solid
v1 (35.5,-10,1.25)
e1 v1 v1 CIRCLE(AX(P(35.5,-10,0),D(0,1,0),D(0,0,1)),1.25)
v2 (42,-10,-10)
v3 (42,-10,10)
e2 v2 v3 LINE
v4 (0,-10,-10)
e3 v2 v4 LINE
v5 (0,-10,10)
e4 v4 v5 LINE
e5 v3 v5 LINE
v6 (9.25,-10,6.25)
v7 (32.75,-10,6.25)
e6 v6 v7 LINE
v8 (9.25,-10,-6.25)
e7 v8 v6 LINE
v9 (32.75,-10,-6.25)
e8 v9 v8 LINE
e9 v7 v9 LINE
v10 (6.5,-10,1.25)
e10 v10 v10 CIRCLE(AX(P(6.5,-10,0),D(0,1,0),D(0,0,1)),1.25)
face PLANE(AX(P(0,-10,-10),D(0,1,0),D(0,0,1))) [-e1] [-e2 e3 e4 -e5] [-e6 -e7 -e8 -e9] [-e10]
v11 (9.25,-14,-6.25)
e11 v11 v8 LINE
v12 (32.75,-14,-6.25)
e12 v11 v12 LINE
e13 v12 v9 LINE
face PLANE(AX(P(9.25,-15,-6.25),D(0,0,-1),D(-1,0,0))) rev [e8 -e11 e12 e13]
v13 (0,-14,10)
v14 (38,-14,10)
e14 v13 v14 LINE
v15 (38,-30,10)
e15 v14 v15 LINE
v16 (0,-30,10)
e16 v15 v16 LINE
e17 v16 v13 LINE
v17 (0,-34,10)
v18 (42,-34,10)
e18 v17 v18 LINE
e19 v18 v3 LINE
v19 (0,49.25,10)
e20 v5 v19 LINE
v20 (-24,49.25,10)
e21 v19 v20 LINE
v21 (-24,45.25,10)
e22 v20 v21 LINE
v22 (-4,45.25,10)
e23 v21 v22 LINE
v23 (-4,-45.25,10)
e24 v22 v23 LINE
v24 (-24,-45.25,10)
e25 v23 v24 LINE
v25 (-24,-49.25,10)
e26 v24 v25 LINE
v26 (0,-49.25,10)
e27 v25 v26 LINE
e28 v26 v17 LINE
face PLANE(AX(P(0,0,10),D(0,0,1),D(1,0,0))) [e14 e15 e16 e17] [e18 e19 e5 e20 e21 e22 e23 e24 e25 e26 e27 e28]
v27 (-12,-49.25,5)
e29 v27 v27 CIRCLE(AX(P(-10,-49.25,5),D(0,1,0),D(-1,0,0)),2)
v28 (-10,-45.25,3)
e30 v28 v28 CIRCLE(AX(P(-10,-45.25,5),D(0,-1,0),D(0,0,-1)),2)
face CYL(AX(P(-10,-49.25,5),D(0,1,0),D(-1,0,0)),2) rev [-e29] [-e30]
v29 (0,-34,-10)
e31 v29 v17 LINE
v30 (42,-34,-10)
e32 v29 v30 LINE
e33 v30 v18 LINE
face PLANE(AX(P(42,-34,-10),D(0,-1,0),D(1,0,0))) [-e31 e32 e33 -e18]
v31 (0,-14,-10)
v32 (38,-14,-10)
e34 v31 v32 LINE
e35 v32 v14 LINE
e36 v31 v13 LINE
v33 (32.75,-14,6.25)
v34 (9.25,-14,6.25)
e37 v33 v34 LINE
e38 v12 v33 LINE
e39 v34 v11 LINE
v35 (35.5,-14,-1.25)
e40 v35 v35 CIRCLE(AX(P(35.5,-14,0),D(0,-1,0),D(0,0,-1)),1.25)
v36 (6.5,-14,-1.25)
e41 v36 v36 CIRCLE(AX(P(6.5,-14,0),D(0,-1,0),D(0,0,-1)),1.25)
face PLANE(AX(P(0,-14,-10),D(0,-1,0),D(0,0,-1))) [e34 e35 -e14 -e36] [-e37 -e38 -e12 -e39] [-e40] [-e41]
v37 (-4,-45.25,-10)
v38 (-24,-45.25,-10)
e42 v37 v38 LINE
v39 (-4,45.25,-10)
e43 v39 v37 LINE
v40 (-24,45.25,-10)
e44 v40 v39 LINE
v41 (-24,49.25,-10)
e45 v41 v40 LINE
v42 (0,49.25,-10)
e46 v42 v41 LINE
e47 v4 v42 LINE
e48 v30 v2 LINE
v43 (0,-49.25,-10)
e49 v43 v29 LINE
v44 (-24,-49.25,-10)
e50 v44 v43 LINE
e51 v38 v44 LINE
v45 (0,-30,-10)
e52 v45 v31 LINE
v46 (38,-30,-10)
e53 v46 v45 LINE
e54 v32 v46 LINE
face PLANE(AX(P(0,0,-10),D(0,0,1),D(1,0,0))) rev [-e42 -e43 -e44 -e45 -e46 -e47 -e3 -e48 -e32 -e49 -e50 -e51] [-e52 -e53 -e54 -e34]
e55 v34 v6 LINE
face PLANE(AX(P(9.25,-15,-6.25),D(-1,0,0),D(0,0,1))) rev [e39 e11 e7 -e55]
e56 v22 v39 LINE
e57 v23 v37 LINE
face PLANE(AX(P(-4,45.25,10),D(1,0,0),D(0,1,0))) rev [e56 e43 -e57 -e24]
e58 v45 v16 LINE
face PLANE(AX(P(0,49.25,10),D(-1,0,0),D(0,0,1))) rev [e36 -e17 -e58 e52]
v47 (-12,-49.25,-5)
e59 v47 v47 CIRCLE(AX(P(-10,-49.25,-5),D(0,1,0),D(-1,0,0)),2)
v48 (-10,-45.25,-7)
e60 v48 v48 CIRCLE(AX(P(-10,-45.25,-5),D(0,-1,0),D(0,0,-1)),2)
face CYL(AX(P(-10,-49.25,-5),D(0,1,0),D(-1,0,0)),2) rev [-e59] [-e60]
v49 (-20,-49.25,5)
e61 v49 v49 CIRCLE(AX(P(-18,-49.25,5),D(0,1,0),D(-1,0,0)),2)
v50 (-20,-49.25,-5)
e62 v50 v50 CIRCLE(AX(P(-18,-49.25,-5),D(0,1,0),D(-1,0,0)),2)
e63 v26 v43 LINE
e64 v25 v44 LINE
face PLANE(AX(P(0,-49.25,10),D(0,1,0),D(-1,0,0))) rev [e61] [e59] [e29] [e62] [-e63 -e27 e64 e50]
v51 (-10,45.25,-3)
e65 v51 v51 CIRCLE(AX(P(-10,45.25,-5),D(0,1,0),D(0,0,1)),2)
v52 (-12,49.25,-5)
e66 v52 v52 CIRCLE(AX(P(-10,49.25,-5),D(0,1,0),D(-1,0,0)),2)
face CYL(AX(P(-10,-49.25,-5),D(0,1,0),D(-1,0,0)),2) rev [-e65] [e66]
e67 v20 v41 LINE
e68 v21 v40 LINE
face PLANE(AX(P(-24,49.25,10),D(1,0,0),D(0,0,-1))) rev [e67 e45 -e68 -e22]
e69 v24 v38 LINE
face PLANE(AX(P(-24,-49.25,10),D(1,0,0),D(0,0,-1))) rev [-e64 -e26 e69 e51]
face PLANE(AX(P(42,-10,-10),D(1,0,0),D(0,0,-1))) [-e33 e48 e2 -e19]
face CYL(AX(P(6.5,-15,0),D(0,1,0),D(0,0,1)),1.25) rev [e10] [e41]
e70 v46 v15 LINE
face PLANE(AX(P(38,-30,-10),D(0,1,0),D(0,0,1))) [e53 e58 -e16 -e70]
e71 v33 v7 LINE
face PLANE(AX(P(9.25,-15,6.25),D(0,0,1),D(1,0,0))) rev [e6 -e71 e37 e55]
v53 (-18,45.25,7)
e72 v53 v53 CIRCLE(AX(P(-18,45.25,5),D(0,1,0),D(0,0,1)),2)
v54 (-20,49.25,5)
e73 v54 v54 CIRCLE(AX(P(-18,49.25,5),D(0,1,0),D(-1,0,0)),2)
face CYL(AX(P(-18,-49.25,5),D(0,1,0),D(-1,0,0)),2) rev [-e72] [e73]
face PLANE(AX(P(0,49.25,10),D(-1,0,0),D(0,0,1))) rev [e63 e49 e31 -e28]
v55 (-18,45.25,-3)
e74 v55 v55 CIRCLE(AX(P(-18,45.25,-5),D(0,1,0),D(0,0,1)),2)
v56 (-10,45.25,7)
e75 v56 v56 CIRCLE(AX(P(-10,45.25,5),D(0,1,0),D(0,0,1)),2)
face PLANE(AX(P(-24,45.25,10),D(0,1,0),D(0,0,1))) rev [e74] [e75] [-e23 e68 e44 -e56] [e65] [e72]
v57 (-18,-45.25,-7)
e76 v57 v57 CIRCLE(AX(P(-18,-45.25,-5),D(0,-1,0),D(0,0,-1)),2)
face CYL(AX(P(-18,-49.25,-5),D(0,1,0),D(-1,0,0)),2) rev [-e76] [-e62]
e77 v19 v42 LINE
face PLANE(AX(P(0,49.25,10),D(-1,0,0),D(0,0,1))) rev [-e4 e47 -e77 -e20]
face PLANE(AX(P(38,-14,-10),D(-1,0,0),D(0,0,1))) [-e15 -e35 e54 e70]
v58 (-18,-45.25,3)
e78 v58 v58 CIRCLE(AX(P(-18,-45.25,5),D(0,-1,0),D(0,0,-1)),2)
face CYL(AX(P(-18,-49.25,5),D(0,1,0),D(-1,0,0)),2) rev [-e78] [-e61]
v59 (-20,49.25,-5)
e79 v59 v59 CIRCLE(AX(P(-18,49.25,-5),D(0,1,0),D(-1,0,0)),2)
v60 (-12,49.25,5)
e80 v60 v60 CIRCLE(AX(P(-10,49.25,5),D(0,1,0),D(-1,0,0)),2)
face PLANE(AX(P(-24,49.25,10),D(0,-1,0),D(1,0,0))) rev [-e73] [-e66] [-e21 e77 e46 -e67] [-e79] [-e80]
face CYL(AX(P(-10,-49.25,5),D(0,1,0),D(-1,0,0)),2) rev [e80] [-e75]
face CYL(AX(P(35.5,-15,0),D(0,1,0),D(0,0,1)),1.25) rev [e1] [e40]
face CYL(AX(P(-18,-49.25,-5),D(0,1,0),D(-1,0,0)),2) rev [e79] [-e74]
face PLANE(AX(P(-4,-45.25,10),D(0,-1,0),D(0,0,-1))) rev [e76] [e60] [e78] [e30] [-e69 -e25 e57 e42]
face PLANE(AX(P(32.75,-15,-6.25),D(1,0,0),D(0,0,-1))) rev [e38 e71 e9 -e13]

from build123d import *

# Parameters (mm, degrees)
BOSS_EXTRUDE1_DEPTH = 10
BOSS_EXTRUDE2_DEPTH = 20
SKETCH3_W           = 23.5
SKETCH3_H           = 12.5
CUT_EXTRUDE1_DEPTH  = 5
SKETCH4_R           = 1.25
CUT_EXTRUDE2_DEPTH  = 5
SKETCH5_R           = 2
CUT_EXTRUDE3_DEPTH  = 108.54650157


with BuildPart() as part:
    # Sketch1 → Boss-Extrude1 (new, symmetric)
    with BuildSketch(Plane.XY):
        Polygon((-24, 49.25), (0, 49.25), (0, -49.25), (-24, -49.25), (-24, -45.25), (-4, -45.25), (-4, 45.25), (-24, 45.25), align=None)
    extrude(amount=BOSS_EXTRUDE1_DEPTH, both=True)

    # Sketch2 → Boss-Extrude2 (add)
    with BuildSketch(Plane.XY.offset(10)):
        Polygon((0, -14), (38, -14), (38, -30), (0, -30), (0, -34), (42, -34), (42, -10), (0, -10), align=None)
    extrude(amount=-BOSS_EXTRUDE2_DEPTH)

    # Sketch3 → Cut-Extrude1 (cut)
    with BuildSketch(Plane(origin=(0, -10, 0), x_dir=(1, 0, 0), z_dir=(0, 1, 0))):
        with Locations((21, 0)):
            Rectangle(SKETCH3_W, SKETCH3_H)
    extrude(amount=-CUT_EXTRUDE1_DEPTH, mode=Mode.SUBTRACT)

    # Sketch4 → Cut-Extrude2 (cut)
    with BuildSketch(Plane(origin=(0, -10, 0), x_dir=(1, 0, 0), z_dir=(0, 1, 0))):
        with Locations(Location((35.5, 0, 0), (0, 0, 270))):
            Circle(SKETCH4_R)
        with Locations(Location((6.5, 0, 0), (0, 0, 270))):
            Circle(SKETCH4_R)
    extrude(amount=-CUT_EXTRUDE2_DEPTH, mode=Mode.SUBTRACT)

    # Sketch5 → Cut-Extrude3 (cut, through all)
    with BuildSketch(Plane(origin=(0, 49.25, 0), x_dir=(1, 0, 0), z_dir=(0, 1, 0))):
        with Locations(Location((-18, 5, 0), (0, 0, 180))):
            Circle(SKETCH5_R)
        with Locations(Location((-18, -5, 0), (0, 0, 180))):
            Circle(SKETCH5_R)
        with Locations(Location((-10, -5, 0), (0, 0, 180))):
            Circle(SKETCH5_R)
        with Locations(Location((-10, 5, 0), (0, 0, 180))):
            Circle(SKETCH5_R)
    extrude(amount=-CUT_EXTRUDE3_DEPTH, mode=Mode.SUBTRACT)


solid = part.part
